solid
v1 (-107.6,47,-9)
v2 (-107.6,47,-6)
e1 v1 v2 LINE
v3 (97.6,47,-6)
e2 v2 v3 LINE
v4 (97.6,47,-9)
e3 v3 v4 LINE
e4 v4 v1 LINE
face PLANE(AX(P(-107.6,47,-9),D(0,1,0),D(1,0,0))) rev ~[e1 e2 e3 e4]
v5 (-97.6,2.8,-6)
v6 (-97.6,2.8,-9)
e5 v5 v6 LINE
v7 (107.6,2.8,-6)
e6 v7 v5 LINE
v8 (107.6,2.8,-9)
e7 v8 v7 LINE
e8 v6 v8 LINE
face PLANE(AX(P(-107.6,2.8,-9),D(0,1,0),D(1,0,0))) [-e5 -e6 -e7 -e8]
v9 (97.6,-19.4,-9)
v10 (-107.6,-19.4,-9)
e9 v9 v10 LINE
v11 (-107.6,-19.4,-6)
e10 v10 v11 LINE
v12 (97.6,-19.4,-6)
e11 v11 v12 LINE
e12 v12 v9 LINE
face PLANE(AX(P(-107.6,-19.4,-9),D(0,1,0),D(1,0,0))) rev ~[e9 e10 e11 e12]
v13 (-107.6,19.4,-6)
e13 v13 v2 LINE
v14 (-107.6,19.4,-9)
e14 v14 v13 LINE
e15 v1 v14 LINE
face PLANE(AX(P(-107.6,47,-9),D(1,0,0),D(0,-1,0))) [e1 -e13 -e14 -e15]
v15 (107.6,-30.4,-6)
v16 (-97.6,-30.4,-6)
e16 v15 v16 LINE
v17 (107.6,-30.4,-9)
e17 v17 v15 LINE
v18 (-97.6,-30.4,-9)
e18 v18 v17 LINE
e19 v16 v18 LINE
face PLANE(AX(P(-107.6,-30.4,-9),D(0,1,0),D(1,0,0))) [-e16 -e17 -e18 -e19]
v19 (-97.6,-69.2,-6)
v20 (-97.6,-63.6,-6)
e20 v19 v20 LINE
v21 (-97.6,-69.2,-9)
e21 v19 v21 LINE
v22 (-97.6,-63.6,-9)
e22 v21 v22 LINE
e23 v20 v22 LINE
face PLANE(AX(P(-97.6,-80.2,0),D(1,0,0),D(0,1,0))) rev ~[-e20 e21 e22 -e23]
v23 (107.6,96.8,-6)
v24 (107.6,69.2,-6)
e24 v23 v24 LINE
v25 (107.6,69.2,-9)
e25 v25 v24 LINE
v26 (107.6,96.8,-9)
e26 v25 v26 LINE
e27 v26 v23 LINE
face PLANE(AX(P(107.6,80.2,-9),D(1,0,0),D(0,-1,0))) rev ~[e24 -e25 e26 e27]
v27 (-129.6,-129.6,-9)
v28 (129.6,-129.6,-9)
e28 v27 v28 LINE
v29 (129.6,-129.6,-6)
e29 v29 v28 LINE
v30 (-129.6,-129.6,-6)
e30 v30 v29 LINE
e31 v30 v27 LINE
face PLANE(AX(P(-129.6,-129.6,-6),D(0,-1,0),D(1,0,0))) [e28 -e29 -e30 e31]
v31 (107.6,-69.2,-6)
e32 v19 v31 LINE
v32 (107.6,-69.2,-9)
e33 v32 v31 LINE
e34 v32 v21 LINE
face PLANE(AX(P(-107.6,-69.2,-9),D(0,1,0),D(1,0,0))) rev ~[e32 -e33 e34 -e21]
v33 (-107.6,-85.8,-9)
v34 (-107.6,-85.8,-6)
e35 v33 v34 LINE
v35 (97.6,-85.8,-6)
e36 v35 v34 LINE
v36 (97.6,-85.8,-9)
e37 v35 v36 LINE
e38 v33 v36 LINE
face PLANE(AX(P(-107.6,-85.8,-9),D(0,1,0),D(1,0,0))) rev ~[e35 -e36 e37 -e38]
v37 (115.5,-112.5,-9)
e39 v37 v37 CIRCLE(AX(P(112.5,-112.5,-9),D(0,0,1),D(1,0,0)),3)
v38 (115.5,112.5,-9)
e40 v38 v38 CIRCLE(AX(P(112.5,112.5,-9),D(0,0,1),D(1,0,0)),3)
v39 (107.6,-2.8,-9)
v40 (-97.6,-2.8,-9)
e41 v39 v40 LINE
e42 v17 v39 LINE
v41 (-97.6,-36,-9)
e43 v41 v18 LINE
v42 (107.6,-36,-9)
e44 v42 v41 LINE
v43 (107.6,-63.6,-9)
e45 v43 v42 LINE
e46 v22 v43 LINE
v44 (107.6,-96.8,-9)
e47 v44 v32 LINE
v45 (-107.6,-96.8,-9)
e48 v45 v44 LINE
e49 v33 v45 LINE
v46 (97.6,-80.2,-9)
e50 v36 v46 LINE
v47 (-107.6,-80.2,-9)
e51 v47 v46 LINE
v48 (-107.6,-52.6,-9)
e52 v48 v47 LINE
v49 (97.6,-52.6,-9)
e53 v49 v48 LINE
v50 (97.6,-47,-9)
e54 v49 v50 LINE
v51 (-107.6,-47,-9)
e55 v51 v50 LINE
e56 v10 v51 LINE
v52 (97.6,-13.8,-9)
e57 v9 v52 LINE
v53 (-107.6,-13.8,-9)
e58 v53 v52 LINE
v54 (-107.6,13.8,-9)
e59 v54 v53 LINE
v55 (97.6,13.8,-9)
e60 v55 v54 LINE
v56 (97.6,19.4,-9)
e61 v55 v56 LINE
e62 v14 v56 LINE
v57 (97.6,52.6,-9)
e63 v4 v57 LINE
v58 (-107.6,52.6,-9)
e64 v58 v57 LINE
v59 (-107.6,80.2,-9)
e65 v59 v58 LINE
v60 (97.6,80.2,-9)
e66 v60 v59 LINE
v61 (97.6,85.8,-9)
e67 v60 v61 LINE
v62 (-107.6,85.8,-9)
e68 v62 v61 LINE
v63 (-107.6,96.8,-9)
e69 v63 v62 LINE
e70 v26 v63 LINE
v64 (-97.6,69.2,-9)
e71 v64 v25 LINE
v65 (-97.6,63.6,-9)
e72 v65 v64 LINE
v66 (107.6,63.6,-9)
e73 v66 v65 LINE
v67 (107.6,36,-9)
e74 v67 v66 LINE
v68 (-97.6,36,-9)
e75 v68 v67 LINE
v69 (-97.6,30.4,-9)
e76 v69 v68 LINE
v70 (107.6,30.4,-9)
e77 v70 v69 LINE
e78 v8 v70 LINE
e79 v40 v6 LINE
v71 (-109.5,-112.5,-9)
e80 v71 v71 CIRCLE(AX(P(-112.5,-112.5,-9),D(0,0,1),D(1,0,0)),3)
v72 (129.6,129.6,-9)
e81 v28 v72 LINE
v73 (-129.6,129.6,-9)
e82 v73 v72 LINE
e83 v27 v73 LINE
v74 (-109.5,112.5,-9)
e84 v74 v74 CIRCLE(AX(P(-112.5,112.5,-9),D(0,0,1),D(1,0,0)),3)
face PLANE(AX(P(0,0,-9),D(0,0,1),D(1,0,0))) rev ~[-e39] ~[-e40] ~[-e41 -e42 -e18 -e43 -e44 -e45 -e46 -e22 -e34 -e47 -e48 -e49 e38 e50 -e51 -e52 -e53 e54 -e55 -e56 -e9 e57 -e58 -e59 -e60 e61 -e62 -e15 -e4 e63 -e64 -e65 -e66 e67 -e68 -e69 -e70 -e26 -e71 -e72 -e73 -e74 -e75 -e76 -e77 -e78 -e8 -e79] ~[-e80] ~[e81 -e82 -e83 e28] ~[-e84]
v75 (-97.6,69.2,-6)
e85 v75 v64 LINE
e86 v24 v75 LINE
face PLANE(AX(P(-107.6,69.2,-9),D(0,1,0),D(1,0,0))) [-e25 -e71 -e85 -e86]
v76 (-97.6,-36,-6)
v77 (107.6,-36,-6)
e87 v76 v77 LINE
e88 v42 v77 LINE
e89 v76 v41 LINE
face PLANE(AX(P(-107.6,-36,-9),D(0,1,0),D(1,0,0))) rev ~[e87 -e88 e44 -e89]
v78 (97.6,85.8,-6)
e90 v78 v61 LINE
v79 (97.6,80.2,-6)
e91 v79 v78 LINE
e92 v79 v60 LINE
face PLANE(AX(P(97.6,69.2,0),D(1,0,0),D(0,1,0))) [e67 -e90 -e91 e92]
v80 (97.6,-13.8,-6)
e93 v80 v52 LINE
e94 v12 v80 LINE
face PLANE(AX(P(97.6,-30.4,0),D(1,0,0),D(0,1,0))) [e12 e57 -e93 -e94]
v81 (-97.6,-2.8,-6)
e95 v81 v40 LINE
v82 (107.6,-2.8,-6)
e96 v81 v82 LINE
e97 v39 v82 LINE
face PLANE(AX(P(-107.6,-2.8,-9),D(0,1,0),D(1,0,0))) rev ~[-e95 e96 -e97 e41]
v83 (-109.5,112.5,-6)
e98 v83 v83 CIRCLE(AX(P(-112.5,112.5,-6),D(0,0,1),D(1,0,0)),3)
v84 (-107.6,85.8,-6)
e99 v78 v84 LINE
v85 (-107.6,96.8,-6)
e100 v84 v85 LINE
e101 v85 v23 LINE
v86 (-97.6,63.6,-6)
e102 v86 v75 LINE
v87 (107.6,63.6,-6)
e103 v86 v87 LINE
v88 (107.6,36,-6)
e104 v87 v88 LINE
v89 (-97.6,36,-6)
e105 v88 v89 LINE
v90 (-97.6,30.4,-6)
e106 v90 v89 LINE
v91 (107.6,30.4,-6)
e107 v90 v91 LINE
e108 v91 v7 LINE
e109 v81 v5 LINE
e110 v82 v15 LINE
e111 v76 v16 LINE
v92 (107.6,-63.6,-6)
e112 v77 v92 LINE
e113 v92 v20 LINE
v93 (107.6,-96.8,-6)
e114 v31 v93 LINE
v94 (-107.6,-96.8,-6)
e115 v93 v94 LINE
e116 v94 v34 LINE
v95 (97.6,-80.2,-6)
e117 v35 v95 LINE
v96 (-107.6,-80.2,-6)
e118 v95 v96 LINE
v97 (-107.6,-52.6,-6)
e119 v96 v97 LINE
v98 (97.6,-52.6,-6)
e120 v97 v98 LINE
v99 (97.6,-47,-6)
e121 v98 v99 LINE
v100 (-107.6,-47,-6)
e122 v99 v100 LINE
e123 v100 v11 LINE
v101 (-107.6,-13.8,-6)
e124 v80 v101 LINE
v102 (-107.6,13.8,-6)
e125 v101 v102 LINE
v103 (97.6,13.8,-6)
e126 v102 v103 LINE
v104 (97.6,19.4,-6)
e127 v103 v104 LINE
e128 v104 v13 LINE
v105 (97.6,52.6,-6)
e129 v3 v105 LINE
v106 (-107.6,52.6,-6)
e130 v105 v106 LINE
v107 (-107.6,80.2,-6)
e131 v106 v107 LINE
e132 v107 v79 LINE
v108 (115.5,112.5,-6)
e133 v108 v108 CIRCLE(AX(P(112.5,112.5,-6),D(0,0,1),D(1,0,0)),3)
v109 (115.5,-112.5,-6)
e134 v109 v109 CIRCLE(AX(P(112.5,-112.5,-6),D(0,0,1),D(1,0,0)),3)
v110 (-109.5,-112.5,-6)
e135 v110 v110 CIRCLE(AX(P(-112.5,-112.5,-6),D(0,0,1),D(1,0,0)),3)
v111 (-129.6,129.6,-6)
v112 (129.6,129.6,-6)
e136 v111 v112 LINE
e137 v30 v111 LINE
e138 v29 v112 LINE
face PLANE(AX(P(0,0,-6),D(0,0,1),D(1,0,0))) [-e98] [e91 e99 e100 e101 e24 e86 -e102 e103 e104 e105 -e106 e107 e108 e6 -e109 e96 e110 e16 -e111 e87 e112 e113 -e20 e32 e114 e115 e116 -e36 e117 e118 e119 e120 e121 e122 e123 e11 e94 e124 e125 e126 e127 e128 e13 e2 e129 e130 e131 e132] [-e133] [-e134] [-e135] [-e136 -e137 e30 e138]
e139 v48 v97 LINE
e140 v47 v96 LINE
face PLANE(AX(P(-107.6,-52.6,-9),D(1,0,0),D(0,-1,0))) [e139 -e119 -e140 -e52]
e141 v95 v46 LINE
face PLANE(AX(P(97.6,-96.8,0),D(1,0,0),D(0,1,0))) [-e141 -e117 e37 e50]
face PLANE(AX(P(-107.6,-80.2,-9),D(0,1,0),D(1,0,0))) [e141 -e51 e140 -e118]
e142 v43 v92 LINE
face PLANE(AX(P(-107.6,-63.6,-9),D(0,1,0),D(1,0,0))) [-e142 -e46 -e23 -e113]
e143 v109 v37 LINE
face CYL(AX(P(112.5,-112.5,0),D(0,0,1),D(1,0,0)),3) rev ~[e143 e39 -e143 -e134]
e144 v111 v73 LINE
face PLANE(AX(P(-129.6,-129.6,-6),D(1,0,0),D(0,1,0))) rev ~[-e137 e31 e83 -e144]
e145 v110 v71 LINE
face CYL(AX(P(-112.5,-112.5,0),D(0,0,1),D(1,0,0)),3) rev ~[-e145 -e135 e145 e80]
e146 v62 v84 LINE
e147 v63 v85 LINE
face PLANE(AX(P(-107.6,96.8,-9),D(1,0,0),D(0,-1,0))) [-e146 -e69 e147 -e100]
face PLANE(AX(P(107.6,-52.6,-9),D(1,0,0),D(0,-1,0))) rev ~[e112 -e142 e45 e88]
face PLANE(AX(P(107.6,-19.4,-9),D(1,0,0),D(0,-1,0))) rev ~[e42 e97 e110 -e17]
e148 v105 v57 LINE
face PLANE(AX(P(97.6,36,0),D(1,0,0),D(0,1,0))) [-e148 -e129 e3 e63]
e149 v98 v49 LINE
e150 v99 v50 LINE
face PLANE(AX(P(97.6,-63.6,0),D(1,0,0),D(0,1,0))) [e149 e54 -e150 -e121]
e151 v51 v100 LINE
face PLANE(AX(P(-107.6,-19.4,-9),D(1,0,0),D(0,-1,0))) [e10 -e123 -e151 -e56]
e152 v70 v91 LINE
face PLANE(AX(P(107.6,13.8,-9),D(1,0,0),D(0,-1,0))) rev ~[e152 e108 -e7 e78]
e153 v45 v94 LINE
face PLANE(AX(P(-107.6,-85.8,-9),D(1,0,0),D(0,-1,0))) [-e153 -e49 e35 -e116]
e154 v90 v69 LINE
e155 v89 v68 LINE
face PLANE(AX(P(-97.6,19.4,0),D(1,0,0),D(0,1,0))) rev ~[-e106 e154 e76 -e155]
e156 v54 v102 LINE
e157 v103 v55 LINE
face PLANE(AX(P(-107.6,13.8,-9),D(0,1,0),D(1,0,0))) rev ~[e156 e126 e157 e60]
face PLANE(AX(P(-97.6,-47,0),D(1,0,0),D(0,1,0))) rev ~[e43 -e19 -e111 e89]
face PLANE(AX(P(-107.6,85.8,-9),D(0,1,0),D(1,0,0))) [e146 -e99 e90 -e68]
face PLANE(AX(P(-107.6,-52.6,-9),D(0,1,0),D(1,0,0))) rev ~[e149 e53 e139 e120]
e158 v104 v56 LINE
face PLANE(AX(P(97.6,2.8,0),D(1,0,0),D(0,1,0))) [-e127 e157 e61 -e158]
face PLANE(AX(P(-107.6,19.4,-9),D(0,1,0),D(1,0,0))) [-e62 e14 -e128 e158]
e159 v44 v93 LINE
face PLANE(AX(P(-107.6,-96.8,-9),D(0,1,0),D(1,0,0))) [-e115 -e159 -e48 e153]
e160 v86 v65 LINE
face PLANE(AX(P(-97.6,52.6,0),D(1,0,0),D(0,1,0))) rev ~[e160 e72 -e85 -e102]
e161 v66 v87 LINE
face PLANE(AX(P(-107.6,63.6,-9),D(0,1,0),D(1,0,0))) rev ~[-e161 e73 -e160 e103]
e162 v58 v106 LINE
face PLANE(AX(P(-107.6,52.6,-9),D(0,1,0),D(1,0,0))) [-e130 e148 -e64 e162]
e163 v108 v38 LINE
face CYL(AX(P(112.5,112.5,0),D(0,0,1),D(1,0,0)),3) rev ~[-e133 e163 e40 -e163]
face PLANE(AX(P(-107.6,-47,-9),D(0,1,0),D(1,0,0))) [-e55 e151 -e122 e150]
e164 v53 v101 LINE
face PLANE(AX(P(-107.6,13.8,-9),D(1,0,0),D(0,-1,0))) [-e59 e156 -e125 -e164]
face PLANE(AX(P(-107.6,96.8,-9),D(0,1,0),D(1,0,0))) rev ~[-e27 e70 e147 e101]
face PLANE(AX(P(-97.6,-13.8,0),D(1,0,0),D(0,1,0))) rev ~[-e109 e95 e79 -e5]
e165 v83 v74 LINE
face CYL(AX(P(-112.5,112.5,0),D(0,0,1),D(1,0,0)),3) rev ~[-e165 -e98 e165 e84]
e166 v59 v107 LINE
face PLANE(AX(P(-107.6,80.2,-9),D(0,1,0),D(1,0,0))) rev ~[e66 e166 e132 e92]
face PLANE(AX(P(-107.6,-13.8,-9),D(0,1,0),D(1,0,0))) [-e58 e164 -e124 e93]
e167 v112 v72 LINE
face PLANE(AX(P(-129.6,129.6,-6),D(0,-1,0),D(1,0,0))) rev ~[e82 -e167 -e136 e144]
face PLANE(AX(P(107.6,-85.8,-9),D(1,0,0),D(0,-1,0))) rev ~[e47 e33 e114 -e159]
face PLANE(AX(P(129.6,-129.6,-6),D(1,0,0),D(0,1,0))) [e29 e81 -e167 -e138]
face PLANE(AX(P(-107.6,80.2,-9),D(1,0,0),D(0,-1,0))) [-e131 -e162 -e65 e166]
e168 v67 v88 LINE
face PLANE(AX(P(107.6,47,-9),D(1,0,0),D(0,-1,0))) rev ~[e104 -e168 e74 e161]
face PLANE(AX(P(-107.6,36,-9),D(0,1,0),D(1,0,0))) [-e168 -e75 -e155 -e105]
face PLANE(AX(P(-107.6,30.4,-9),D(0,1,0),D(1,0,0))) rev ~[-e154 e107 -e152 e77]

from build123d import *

# Parameters (mm, degrees)
SKETCH005_W            = 259.2
SKETCH005_H            = 259.2
PAD003_DEPTH           = 3
SKETCH006_W            = 215.2
SKETCH006_H            = 11
POCKET002_DEPTH        = 3.001
LINEARPATTERN004_COUNT = 12
LINEARPATTERN004_PITCH = 16.6
SKETCH009_W            = 10
SKETCH009_H            = 27.6
POCKET004_DEPTH        = 742.153863
LINEARPATTERN006_COUNT = 6
LINEARPATTERN006_PITCH = 33.2
SKETCH010_W            = 10
SKETCH010_H            = 27.6
POCKET005_DEPTH        = 9.001
LINEARPATTERN007_COUNT = 5
LINEARPATTERN007_PITCH = 33.2
SKETCH012_R            = 3
POCKET007_DEPTH        = 9.001


with BuildPart() as part:
    # Sketch005 → Pad003 (new body)
    with BuildSketch(Plane.XY.offset(-6)):
        Rectangle(SKETCH005_W, SKETCH005_H)
    extrude(amount=-PAD003_DEPTH)

    # Sketch006 (on Face6 of Pad003) → Pocket002 (cut, through all)
    with BuildSketch(Plane(origin=(0, 0, -9), x_dir=(1, 0, 0), z_dir=(0, 0, -1))):
        with Locations((0, 91.3)):
            Rectangle(SKETCH006_W, SKETCH006_H)
    pocket002 = extrude(amount=-POCKET002_DEPTH, mode=Mode.SUBTRACT)

    # LinearPattern004: Pocket002 ×12
    with Locations(*[(0, i * LINEARPATTERN004_PITCH, 0) for i in range(1, LINEARPATTERN004_COUNT)]):
        add(pocket002, mode=Mode.SUBTRACT)

    # Sketch009 → Pocket004 (cut, through all)
    with BuildSketch(Plane.XY):
        with Locations((102.6, 83)):
            Rectangle(SKETCH009_W, SKETCH009_H)
    pocket004 = extrude(amount=-POCKET004_DEPTH, mode=Mode.SUBTRACT)

    # LinearPattern006: Pocket004 ×6
    with Locations(*[(0, -i * LINEARPATTERN006_PITCH, 0) for i in range(1, LINEARPATTERN006_COUNT)]):
        add(pocket004, mode=Mode.SUBTRACT)

    # Sketch010 → Pocket005 (cut, through all)
    with BuildSketch(Plane.XY):
        with Locations((-102.6, 66.4)):
            Rectangle(SKETCH010_W, SKETCH010_H)
    pocket005 = extrude(amount=-POCKET005_DEPTH, mode=Mode.SUBTRACT)

    # LinearPattern007: Pocket005 ×5
    with Locations(*[(0, -i * LINEARPATTERN007_PITCH, 0) for i in range(1, LINEARPATTERN007_COUNT)]):
        add(pocket005, mode=Mode.SUBTRACT)

    # Sketch012 → Pocket007 (cut, through all)
    with BuildSketch(Plane.XY):
        with Locations((-112.5, 112.5)):
            Circle(SKETCH012_R)
        with Locations((112.5, 112.5)):
            Circle(SKETCH012_R)
        with Locations((112.5, -112.5)):
            Circle(SKETCH012_R)
        with Locations((-112.5, -112.5)):
            Circle(SKETCH012_R)
    extrude(amount=-POCKET007_DEPTH, mode=Mode.SUBTRACT)


solid = part.part
